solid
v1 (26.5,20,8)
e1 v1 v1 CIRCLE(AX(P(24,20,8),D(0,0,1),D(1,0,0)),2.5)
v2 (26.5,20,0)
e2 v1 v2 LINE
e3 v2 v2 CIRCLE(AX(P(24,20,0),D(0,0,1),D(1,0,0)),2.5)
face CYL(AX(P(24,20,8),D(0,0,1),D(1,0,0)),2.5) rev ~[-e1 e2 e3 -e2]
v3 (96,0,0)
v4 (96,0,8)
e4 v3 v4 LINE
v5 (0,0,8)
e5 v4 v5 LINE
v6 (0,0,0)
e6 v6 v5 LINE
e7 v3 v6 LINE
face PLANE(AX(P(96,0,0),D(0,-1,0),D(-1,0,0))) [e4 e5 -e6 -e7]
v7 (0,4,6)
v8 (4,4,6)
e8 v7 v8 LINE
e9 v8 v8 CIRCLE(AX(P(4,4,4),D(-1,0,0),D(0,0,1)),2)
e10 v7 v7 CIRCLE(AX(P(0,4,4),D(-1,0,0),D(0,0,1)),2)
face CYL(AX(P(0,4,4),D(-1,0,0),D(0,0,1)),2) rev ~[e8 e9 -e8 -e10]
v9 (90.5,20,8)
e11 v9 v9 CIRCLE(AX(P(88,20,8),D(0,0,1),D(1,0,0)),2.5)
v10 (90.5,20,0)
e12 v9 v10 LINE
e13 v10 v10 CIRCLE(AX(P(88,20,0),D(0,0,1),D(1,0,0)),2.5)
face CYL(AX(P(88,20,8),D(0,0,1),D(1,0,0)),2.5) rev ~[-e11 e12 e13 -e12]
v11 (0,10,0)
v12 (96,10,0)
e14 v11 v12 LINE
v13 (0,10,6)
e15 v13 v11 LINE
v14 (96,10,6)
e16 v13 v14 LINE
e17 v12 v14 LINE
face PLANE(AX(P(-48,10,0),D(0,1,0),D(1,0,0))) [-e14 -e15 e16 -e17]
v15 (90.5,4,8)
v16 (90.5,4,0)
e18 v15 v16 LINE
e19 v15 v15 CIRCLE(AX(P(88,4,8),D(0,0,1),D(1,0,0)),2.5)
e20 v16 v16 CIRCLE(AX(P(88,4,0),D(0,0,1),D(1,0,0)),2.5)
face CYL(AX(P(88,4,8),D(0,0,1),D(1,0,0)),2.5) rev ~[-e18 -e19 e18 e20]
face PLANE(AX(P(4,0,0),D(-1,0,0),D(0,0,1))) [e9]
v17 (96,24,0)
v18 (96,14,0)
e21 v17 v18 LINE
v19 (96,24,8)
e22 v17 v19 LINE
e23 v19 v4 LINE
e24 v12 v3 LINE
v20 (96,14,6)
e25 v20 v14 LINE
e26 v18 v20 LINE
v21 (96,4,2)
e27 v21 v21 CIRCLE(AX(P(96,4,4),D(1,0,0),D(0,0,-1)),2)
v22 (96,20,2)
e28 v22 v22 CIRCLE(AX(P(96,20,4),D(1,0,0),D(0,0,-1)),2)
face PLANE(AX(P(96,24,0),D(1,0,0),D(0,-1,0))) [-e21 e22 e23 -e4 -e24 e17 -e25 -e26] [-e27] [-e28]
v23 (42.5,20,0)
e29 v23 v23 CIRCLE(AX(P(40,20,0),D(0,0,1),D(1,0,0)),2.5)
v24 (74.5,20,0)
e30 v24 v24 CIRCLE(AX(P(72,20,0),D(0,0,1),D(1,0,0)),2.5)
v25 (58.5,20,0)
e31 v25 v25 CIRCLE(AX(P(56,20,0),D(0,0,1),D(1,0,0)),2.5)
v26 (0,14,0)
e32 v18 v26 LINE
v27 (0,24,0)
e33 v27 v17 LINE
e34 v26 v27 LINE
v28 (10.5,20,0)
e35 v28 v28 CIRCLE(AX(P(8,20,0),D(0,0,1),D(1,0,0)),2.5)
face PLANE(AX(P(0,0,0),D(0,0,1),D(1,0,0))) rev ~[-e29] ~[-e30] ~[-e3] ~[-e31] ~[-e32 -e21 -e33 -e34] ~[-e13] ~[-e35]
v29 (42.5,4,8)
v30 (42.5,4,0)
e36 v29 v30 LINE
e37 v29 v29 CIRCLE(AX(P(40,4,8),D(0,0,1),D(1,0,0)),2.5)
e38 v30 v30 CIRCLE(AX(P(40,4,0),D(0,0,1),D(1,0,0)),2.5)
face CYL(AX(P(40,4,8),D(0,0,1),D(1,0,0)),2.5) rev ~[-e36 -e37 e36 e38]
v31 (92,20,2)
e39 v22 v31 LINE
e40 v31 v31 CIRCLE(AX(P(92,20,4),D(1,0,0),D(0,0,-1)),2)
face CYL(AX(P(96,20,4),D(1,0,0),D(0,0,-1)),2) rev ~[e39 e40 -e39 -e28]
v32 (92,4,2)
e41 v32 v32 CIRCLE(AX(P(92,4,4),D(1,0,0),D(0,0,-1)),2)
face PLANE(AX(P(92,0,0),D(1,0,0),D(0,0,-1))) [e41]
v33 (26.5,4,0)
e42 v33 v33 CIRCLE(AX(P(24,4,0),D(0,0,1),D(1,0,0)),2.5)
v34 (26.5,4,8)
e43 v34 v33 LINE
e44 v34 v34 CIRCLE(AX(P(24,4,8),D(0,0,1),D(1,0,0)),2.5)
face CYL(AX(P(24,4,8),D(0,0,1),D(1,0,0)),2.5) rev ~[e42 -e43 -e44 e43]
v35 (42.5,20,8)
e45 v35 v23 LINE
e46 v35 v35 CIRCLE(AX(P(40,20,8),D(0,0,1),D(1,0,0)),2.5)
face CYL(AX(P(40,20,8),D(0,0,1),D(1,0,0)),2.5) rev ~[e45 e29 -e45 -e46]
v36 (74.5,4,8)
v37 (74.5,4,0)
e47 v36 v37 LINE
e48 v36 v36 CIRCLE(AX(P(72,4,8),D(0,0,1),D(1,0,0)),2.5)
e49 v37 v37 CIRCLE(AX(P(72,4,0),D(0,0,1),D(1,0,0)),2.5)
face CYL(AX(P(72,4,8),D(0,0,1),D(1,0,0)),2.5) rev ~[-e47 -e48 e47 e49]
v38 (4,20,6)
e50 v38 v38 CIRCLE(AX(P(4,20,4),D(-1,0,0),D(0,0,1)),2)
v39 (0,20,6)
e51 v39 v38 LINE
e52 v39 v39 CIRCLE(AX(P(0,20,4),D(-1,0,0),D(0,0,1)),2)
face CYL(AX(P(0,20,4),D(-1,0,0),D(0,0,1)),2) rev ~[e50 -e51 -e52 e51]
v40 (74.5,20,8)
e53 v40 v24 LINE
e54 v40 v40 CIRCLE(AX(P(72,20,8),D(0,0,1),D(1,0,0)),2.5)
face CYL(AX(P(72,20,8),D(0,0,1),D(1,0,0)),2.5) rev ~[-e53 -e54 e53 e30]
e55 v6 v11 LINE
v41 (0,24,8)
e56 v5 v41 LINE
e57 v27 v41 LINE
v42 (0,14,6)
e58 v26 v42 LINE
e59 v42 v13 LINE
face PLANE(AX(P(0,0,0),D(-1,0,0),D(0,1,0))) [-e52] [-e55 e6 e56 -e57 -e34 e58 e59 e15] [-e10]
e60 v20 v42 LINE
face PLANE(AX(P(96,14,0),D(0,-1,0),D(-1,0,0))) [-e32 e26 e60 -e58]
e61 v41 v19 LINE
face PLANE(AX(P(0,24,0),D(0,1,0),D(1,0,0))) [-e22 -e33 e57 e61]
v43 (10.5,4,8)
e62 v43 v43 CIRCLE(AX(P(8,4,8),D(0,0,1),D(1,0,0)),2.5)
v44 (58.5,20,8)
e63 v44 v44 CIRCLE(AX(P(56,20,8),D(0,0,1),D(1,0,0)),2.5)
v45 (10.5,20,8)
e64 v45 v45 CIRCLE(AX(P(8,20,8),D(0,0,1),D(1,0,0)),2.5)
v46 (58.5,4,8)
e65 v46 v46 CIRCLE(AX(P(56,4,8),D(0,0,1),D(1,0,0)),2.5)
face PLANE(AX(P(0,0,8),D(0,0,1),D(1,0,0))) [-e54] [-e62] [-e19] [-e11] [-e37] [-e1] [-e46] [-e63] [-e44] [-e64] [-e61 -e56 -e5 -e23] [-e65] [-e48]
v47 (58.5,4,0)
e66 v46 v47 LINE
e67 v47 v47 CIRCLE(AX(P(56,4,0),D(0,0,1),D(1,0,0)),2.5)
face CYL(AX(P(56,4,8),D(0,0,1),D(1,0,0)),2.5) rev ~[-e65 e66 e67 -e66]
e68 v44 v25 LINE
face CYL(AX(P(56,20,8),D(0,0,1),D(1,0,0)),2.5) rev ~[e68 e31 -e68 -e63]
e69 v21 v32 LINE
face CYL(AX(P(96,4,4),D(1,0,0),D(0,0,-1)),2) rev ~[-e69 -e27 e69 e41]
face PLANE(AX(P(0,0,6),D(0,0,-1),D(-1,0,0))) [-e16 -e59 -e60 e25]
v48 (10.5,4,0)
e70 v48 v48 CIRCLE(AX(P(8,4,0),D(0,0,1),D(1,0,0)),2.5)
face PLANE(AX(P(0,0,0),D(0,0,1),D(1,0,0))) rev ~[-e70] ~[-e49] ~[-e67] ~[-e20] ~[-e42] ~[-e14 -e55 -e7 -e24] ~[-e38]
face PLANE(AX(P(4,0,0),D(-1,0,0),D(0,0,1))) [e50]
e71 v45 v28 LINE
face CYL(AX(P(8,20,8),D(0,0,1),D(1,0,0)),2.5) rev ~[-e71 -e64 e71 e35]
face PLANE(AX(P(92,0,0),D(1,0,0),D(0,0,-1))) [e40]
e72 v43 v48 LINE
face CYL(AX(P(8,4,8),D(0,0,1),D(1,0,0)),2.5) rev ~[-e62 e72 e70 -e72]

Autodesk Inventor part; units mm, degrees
ref_plane "YZ Plane" through (0, 0, 0) normal (1, 0, 0) x (0, 1, 0)
ref_plane "XZ Plane" through (0, 0, 0) normal (0, 1, 0) x (-1, 0, 0)
ref_plane "XY Plane" through (0, 0, 0) normal (0, 0, 1) x (1, 0, 0)
sketch "Sketch1" plane through (0, 0, 0) normal (0, 0, 1) x (1, 0, 0)
  line L0 (96, 0) -> (0, 0)
  line L1 (0, 0) -> (0, 24)
  line L2 (0, 24) -> (96, 24)
  line L3 (96, 24) -> (96, 0)
  point P0 (0, 0)
  dimension "d0" = 96
  dimension "d1" = 24
extrude "Extrusion1" add sketch "Sketch1" along normal blind 8
sketch "Sketch5" plane through (0, 0, 8) normal (0, 0, 1) x (1, 0, 0)
  circle A0 centre (88, 20) radius 2.5
  line L0 (144, 20) -> (0, 20) construction
  line L1 (88, 24) -> (88, 0) construction
  line L2 (96, 24) -> (0, 24) construction
  line L3 (0, 0) -> (96, 0) construction
  line L4 (0, 24) -> (96, 24) construction
  line L5 (96, 24) -> (96, 0) construction
  line L6 (96, 0) -> (0, 0) construction
  line L7 (0, 0) -> (0, 24) construction
  circle A1 centre (72, 20) radius 2.5
  circle A2 centre (56, 20) radius 2.5
  circle A3 centre (40, 20) radius 2.5
  circle A4 centre (24, 20) radius 2.5
  circle A5 centre (8, 20) radius 2.5
  circle A6 centre (88, 4) radius 2.5
  circle A7 centre (72, 4) radius 2.5
  circle A8 centre (56, 4) radius 2.5
  circle A9 centre (40, 4) radius 2.5
  circle A10 centre (24, 4) radius 2.5
  circle A11 centre (8, 4) radius 2.5
  dimension "d30" = 5
  dimension "d83" = 4
  dimension "d84" = 8
  dimension "d87" = 16
  dimension "d90" = 16
extrude "Extrusion8" cut sketch "Sketch5" against normal through all
sketch "Sketch9" plane through (96, 0, 0) normal (1, 0, 0) x (0, 0, -1)
  circle A0 centre (-4, 20) radius 2
  circle A1 centre (-4, 4) radius 2
  line L0 (0, 0) -> (-8, 0) projected
  line L1 (0, 24) -> (-8, 24) construction
  line L2 (-8, 24) -> (0, 24) construction
  line L3 (0, 24) -> (0, 0) construction
  line L4 (0, 0) -> (-8, 0) construction
  line L5 (-8, 0) -> (-8, 24) construction
  point P0 (0, 0)
  dimension "d95" = 4
  dimension "d96" = 4
  dimension "d97" = 4
  dimension "d98" = 4
  dimension "d99" = 4
  dimension "d100" = 4
extrude "Extrusion9" cut sketch "Sketch9" against normal blind 4
sketch "Sketch10" plane through (0, 0, 0) normal (-1, 0, 0) x (0, 0, 1)
  line L0 (0, 24) -> (0, 0) construction
  line L1 (0, 24) -> (8, 24) construction
  line L2 (8, 24) -> (8, 0) construction
  line L3 (8, 0) -> (0, 0) construction
  line L4 (0, 0) -> (0, 24) construction
  circle A0 centre (4, 20) radius 2
  circle A1 centre (4, 4) radius 2
  point P0 (0, 0)
  dimension "d107" = 4
  dimension "d108" = 4
  dimension "d109" = 4
  dimension "d110" = 4
  dimension "d111" = 4
  dimension "d112" = 4
extrude "Extrusion10" cut sketch "Sketch10" against normal blind 4
sketch "Sketch11" plane through (0, 0, 0) normal (0, 0, -1) x (-1, 0, 0)
  line L0 (-96, 24) -> (-96, 0) projected
  line L1 (-96, 14) -> (48, 14)
  line L2 (48, 14) -> (48, 10)
  line L3 (48, 10) -> (-96, 10)
  line L4 (-96, 10) -> (-96, 14)
  line L5 (0, 24) -> (-96, 24) projected
  line L6 (-96, 0) -> (0, 0) projected
  point P0 (0, 0)
  dimension "d119" = 10
  dimension "d120" = 10
  dimension "d121" = 144
extrude "Extrusion11" cut sketch "Sketch11" against normal blind 6
properties part number "Beam0824-096-Blue" material "Aluminum 6061"
